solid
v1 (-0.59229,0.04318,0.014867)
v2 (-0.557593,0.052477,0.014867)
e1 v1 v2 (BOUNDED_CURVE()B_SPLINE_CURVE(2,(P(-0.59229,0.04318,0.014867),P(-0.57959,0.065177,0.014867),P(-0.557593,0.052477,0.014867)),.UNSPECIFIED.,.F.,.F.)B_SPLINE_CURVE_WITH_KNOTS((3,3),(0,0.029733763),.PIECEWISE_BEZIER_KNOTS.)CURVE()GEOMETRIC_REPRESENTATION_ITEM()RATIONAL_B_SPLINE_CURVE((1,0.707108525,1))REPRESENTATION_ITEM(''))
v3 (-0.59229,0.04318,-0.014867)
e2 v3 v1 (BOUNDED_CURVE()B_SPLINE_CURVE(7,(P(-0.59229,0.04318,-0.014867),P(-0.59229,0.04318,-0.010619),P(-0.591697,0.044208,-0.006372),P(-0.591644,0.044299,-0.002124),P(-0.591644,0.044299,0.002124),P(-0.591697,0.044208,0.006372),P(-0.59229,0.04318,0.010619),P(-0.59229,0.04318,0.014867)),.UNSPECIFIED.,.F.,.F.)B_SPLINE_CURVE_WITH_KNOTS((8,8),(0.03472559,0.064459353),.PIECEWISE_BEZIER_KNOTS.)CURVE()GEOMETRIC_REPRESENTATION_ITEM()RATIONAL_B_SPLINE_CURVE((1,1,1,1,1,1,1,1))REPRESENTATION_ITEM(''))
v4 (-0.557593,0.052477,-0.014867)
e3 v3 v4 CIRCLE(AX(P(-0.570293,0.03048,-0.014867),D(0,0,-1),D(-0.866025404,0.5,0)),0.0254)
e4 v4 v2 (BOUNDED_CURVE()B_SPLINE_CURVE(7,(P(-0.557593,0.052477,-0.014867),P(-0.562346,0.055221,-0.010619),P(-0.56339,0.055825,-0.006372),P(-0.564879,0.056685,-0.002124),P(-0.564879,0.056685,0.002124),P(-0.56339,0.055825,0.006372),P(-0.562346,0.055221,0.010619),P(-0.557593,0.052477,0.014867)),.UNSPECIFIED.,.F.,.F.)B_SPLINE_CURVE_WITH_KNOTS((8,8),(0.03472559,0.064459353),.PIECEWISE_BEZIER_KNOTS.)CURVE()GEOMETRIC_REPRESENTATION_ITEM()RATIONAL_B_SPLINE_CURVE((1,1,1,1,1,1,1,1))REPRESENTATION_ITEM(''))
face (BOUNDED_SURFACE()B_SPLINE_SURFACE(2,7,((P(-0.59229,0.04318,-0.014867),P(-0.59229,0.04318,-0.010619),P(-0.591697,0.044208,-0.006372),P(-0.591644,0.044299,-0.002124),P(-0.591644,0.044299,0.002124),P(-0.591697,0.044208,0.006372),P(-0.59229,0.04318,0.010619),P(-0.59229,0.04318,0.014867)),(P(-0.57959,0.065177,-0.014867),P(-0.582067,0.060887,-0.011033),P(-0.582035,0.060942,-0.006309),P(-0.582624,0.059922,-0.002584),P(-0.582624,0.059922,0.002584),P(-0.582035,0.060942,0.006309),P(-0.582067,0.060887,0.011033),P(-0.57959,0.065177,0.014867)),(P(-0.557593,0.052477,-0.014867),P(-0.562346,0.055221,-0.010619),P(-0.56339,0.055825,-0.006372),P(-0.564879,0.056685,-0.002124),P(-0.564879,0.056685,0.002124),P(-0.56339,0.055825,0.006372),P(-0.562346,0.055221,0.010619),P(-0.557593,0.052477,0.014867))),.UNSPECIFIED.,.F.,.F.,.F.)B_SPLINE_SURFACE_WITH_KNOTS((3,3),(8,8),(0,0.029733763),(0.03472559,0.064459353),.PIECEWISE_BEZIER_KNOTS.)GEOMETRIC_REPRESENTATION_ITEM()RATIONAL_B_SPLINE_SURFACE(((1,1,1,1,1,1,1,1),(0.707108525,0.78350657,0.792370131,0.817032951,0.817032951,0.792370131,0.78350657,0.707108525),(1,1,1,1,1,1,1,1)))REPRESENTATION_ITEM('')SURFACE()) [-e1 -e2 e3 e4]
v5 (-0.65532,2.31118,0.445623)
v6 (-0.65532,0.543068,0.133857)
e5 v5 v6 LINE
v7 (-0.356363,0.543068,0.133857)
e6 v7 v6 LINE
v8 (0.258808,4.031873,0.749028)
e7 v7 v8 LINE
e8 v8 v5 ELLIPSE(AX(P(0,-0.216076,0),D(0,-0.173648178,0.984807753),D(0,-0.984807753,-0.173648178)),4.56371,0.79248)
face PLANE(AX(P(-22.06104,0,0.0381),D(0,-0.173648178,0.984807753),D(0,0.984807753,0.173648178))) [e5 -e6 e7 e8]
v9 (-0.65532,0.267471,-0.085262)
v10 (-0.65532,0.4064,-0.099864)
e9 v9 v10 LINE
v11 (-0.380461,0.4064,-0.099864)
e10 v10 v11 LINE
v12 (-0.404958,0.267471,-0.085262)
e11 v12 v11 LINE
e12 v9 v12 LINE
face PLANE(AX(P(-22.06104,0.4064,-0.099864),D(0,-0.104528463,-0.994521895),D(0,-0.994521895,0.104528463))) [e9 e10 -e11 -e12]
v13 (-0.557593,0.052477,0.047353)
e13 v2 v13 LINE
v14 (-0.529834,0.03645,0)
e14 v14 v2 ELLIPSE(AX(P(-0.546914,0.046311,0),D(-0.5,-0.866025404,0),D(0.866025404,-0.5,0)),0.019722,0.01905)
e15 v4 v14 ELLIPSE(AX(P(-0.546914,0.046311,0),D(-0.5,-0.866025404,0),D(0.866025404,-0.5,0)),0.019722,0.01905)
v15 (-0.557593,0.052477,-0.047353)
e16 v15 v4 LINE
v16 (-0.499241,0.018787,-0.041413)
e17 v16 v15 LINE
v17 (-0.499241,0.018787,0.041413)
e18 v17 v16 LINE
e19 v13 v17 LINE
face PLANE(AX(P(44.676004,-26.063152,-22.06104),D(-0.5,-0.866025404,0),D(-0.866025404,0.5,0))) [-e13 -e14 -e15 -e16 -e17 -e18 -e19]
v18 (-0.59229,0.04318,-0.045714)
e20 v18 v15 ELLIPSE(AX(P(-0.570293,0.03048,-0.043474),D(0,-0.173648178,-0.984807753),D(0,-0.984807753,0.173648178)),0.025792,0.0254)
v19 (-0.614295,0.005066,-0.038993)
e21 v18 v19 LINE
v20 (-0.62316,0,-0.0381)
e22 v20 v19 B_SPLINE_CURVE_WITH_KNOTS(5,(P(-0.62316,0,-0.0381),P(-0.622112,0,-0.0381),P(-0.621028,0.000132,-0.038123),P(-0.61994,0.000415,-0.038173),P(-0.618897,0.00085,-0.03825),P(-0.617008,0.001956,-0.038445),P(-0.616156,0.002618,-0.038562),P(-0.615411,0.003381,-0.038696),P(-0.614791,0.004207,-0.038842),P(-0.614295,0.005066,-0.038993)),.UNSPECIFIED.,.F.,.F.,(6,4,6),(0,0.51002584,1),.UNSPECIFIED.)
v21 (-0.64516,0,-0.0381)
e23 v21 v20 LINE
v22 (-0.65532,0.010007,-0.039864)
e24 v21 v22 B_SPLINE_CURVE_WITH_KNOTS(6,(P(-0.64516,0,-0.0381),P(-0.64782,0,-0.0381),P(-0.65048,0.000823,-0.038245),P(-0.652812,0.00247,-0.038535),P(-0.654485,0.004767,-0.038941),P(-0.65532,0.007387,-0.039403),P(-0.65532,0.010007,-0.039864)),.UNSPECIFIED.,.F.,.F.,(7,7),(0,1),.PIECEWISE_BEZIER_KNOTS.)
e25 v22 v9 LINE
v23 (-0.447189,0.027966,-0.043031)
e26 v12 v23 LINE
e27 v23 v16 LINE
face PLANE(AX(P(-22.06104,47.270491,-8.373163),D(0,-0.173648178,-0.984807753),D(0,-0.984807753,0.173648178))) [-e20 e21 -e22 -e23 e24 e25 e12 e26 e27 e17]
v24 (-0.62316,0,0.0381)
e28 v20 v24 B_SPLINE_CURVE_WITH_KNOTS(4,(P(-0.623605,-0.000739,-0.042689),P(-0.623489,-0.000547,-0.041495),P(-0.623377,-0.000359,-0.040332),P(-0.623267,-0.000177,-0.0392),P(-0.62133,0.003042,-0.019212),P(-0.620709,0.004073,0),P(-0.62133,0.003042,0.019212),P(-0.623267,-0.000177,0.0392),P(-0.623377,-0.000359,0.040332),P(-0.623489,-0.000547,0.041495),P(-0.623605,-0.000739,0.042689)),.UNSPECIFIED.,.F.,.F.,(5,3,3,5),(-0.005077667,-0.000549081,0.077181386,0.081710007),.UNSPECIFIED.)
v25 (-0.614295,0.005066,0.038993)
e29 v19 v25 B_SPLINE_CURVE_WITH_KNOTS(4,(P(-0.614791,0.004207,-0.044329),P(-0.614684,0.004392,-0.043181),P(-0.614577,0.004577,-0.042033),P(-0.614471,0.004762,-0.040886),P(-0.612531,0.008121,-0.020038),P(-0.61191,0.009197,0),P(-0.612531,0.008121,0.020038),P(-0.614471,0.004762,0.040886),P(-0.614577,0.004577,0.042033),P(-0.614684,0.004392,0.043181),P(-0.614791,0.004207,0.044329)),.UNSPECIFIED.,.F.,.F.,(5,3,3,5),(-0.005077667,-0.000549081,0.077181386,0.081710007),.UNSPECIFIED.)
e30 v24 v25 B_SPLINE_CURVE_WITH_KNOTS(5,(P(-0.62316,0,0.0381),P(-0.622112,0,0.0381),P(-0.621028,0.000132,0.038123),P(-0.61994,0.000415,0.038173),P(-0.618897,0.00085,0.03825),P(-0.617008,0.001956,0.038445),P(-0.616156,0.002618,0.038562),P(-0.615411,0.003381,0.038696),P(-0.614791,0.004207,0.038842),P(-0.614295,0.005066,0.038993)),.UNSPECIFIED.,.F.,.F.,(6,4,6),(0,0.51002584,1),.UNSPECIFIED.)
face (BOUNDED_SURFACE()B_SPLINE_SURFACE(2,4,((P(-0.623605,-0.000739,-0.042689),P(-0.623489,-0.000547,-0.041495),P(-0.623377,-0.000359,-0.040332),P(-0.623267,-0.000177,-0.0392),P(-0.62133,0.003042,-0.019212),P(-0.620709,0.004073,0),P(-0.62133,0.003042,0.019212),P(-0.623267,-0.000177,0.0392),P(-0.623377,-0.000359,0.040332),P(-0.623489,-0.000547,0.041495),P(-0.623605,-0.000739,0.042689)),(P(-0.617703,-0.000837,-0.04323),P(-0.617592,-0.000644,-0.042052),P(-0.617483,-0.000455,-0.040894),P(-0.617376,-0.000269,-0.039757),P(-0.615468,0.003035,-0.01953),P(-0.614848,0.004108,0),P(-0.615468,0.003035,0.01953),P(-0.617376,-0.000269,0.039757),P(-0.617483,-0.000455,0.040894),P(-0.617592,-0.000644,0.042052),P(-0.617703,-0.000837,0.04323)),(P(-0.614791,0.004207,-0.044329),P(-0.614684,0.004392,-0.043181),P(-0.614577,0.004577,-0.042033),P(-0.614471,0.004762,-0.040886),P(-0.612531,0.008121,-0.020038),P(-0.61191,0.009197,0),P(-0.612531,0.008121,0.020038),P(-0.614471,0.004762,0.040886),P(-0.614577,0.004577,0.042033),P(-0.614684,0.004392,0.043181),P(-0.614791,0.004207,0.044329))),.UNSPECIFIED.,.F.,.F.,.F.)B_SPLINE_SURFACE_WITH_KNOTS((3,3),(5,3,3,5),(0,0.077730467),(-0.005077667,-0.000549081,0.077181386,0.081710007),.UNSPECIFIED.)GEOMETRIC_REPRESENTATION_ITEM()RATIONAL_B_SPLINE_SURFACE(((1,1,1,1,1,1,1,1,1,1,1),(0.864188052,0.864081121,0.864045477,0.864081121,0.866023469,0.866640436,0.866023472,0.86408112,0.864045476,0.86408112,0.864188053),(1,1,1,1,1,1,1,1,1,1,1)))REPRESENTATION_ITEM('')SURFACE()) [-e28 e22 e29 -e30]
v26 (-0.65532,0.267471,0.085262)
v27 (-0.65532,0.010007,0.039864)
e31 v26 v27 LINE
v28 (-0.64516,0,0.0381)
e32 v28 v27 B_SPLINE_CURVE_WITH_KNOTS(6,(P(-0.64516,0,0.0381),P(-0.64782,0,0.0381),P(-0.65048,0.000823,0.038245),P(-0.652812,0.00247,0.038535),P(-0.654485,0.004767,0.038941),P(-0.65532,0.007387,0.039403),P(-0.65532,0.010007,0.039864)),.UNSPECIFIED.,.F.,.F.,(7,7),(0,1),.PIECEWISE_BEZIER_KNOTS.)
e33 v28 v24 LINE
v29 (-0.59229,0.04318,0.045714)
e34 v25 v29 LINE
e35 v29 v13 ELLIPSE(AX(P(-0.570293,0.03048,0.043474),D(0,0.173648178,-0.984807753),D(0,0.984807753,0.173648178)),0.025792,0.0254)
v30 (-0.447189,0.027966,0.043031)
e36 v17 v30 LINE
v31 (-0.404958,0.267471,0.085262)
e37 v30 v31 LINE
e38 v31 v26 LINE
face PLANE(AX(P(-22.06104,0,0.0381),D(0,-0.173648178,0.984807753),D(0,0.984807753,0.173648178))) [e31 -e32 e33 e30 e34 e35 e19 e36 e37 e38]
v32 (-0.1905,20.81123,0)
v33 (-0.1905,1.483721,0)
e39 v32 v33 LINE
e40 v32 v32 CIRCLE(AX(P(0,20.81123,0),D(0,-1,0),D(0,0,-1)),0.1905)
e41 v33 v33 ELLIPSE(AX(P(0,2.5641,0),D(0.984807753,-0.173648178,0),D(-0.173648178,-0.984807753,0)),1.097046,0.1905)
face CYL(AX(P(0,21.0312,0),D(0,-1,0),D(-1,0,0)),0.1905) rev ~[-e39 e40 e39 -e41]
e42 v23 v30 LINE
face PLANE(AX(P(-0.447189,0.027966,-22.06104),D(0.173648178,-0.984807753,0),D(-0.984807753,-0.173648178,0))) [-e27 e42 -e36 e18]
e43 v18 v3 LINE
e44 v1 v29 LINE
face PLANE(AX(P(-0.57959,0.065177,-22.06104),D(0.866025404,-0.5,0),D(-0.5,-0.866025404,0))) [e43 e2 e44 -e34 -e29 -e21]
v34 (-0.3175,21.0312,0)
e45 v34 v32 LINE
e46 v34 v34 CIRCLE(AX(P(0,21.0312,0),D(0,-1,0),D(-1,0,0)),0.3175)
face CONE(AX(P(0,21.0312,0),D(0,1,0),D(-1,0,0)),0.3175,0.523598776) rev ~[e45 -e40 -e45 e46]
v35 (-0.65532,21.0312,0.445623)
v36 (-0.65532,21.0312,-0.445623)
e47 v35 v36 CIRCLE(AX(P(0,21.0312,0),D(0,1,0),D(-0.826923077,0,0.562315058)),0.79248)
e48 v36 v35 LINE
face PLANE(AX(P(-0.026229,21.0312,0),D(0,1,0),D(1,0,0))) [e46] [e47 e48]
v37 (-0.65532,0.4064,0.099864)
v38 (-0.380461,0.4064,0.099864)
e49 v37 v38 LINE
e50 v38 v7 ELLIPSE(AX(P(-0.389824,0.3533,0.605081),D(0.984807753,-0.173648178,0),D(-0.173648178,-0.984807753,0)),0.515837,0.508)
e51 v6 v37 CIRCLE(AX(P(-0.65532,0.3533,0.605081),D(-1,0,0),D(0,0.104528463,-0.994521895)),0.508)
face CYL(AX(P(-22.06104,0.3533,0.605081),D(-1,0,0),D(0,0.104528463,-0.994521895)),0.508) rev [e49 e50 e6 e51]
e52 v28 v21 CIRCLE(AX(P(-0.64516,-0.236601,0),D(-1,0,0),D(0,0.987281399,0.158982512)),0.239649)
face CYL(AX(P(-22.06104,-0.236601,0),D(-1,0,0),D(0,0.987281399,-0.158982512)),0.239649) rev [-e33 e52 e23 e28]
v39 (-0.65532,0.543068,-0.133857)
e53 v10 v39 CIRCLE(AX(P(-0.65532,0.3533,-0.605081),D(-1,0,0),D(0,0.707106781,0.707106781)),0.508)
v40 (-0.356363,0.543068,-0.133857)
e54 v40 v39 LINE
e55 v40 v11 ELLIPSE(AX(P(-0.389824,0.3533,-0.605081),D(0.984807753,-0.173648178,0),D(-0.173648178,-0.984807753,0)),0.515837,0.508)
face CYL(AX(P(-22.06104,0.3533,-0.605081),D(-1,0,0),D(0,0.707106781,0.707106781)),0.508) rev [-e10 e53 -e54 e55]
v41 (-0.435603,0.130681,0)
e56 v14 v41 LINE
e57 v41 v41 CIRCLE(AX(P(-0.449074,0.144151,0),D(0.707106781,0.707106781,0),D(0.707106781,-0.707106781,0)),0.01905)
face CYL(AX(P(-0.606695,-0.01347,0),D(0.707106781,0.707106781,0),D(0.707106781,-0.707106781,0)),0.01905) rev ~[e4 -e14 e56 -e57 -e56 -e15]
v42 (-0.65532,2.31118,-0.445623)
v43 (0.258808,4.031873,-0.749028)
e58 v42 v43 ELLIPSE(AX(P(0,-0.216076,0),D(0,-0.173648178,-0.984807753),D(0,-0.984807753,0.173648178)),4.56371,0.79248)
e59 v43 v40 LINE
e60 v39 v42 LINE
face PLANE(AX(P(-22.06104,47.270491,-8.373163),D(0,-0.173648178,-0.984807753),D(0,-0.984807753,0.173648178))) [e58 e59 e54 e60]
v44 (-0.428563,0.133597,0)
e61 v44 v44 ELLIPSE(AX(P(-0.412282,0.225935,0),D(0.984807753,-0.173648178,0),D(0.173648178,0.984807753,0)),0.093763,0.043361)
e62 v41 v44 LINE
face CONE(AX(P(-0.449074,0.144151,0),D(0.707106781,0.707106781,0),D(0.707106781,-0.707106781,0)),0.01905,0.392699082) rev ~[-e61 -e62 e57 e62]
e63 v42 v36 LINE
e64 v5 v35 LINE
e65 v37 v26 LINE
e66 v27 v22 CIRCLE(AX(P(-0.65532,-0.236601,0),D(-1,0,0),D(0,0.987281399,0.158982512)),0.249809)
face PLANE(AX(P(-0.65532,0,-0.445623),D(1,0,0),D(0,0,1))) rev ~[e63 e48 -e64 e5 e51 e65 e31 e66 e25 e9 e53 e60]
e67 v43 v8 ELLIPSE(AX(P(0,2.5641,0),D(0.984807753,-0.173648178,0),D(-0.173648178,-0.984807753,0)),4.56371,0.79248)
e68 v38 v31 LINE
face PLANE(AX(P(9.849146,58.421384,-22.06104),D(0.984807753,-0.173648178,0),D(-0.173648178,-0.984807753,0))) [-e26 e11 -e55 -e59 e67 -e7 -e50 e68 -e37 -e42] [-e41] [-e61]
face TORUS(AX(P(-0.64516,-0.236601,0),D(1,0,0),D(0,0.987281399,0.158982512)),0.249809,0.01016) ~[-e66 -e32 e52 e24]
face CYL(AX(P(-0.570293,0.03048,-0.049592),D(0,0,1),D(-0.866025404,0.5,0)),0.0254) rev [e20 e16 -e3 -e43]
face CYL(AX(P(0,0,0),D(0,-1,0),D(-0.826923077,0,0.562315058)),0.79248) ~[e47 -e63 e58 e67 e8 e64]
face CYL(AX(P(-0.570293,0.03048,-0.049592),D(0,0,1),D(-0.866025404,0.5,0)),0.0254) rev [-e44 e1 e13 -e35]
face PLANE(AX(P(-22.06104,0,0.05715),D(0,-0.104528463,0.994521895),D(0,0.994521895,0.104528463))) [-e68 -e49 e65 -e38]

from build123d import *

# Parameters (mm, degrees)
TD_STD_FEATURE_DEPTH            = 21.0312
ISA_STD_FEATURE_DEPTH           = 22.061040395498036
ISA_STD_FEATURE_DEPTH_BACK      = 22.061040395498036
BA_STD_FEATURE_DEPTH            = 22.061040395498036
BA_STD_FEATURE_DEPTH_BACK       = 22.061040395498036
VR_STD_FEATURE_DEPTH            = 22.061040395498036
VR_STD_FEATURE_DEPTH_BACK       = 22.061040395498036
ND_STD_FEATURE_DEPTH            = 22.061040395498036
ND_STD_FEATURE_DEPTH_BACK       = 22.061040395498036
HOLE_STD_FEATURE_D              = 0.381
HOLE_STD_FEATURE_CSINK_D        = 0.635
HOLE_STD_FEATURE_CSINK_ANGLE    = 60
STD_HOLE_CUT_FEATURE_DEPTH      = 22.158574025318714
STD_HOLE_CUT_FEATURE_DEPTH_BACK = 22.158574025318714
NR_FEATURE_R                    = 0.0254
STD_C_FEATURE_DEPTH             = 22.061040395498036
STD_C_FEATURE_DEPTH_BACK        = 22.061040395498036
STD_FR_C_FEATURE_R              = 0.01016
STD_BR_C_FEATURE_R              = 0.01016


with BuildPart() as part:
    # td_std_sketch → td_std_feature (new body)
    with BuildSketch(Plane(origin=(0, 0, 0), x_dir=(1, 0, 0), z_dir=(0, 1, 0))):
        with BuildLine():
            Line((-0.65532, 0.4456234374446657), (-0.6553199999999998, -0.44562343744466604))
            ThreePointArc((-0.6553199999999998, -0.44562343744466604), (0.79248, 0), (-0.65532, 0.4456234374446657))
        make_face()
    extrude(amount=TD_STD_FEATURE_DEPTH)

    # isa_std_sketch → isa_std_feature (cut, two sides: drawn at the far end of the back side and taken through both)
    with BuildSketch(Plane(origin=(0, 0, 0), x_dir=(0, 0, -1), z_dir=(1, 0, 0)).offset(-ISA_STD_FEATURE_DEPTH_BACK)):
        Polygon((8.373162888528082, 47.27049062508045), (0.79248, 4.278301579083286), (0.03809999999999999, 0), (-0.03809999999999999, 0), (-0.79248, 4.278301579083286), (-8.373162888528082, 47.27049062508045), (-8.373162888528082, -40.04033509597618), (8.373162888528082, -40.04033509597618), align=None)
    extrude(amount=ISA_STD_FEATURE_DEPTH + ISA_STD_FEATURE_DEPTH_BACK, mode=Mode.SUBTRACT)

    # ba_std_sketch → ba_std_feature (cut, two sides: drawn at the far end of the back side and taken through both)
    with BuildSketch(Plane.XY.offset(-BA_STD_FEATURE_DEPTH_BACK)):
        Polygon((-51.96869655836785, -9.056666233848073), (-0.6057899999999999, 0), (-0.4471889008518133, 0.02796565294984382), (0.79248, 7.0584773526961735), (9.849146233848053, 58.421383911064034), (86.76310584868799, -12.040863498073982), (24.945263056472086, -79.51891364298609), align=None)
    extrude(amount=BA_STD_FEATURE_DEPTH + BA_STD_FEATURE_DEPTH_BACK, mode=Mode.SUBTRACT)

    # vr_std_sketch → vr_std_feature (cut, two sides: drawn at the far end of the back side and taken through both)
    with BuildSketch(Plane(origin=(0, 0, 0), x_dir=(0, 0, -1), z_dir=(1, 0, 0)).offset(-VR_STD_FEATURE_DEPTH_BACK)):
        with BuildLine():
            Line((35.91518958962539, 36.381828135911775), (0.79248, 1.2591185462865075))
            Line((0.79248, 1.2591185462865075), (0.24587123921628848, 0.7125097855027981))
            ThreePointArc((0.24587123921628848, 0.7125097855027981), (0.14656815960932523, 0.5719991778386461), (0.09986436121197133, 0.40640000000000004))
            Line((0.09986436121197133, 0.40640000000000004), (0.05714999999999999, 0))
            Line((0.05714999999999999, 0), (-0.05714999999999999, 0))
            Line((-0.05714999999999999, 0), (-0.09986436121197133, 0.40640000000000004))
            ThreePointArc((-0.09986436121197133, 0.40640000000000004), (-0.14656815960932523, 0.5719991778386461), (-0.24587123921628848, 0.7125097855027981))
            Line((-0.24587123921628848, 0.7125097855027981), (-0.79248, 1.2591185462865075))
            Line((-0.79248, 1.2591185462865075), (-35.91518958962539, 36.381828135911775))
            Line((-35.91518958962539, 36.381828135911775), (-35.91518958962539, -62.96019636196763))
            Line((-35.91518958962539, -62.96019636196763), (35.91518958962539, -62.96019636196763))
            Line((35.91518958962539, -62.96019636196763), (35.91518958962539, 36.381828135911775))
        make_face()
    extrude(amount=VR_STD_FEATURE_DEPTH + VR_STD_FEATURE_DEPTH_BACK, mode=Mode.SUBTRACT)

    # nd_std_sketch → nd_std_feature (cut, two sides: drawn at the far end of the back side and taken through both)
    with BuildSketch(Plane.XY.offset(-ND_STD_FEATURE_DEPTH_BACK)):
        Polygon((-26.695612432299043, -45.16910067246157), (-0.6172199999999999, 0), (-0.5795900153763918, 0.06517704525612475), (-0.49309651581291747, 0.01523999999999999), (44.67600415664865, -26.06315243229904), (71.65060635143378, -126.82868059585769), (0.27898976248608776, -145.93462883602024), align=None)
    extrude(amount=ND_STD_FEATURE_DEPTH + ND_STD_FEATURE_DEPTH_BACK, mode=Mode.SUBTRACT)

    # hole_std_feature (through all)
    with Locations(Plane(origin=(0, 21.0312, 0), x_dir=(1, 0, 0), z_dir=(0, 1, 0))):
        with Locations((0, 0)):
            CounterSinkHole(HOLE_STD_FEATURE_D / 2, HOLE_STD_FEATURE_CSINK_D / 2, counter_sink_angle=HOLE_STD_FEATURE_CSINK_ANGLE)


with BuildPart() as body_2:
    # std_hole_sketch → std_hole_feature (revolve)
    with BuildSketch(Plane.XY):
        Polygon((2.0643967957346323, 1.16621487026174), (1.318693364519402, 1.9119183014769674), (-0.6066953211391621, -0.01347038418160373), (-0.5932249369575584, -0.02694076836320745), (-0.43560320426536, 0.13068096432899157), align=None)
    revolve(axis=Axis((-0.6066953211391621, -0.01347038418160373, 0), (0.7071067811865462, 0.7071067811865488, 0)))

    # std_hole_cut_sketch → std_hole_cut_feature (cut, two sides: drawn at the far end of the back side and taken through both)
    with BuildSketch(Plane.XY.offset(-STD_HOLE_CUT_FEATURE_DEPTH_BACK)):
        Polygon((-45.98482601113434, 26.27990227002553), (-0.6553199999999999, 0.1088997722642913), (-0.557592970120267, 0.05247704525612475), (-0.49309651581291747, 0.01523999999999999), (44.83640949532142, -26.155762497761245), (-7.505595500201061, -116.81477452002991), (-98.32683100665682, -64.37910975224314), align=None)
    extrude(amount=STD_HOLE_CUT_FEATURE_DEPTH + STD_HOLE_CUT_FEATURE_DEPTH_BACK, mode=Mode.SUBTRACT)


with BuildPart() as part_1:
    add(part.part)

    # std_hole_combine: cut body 2
    add(body_2.part, mode=Mode.SUBTRACT)

    # nr_feature
    nr_feature_edges = [part_1.edges().sort_by_distance(p)[0] for p in [
        (-0.5795900153763918, 0.06517704525612475, 0),
    ]]
    fillet(nr_feature_edges, radius=NR_FEATURE_R)

    # std_c_sketch → std_c_feature (cut, two sides: drawn at the far end of the back side and taken through both)
    with BuildSketch(Plane(origin=(0, 0, 0), x_dir=(0, 0, -1), z_dir=(1, 0, 0)).offset(-STD_C_FEATURE_DEPTH_BACK)):
        with BuildLine():
            Line((51.47071118925243, -8.282224024034191), (0.03810000000000001, -3e-17))
            ThreePointArc((0.03810000000000001, -3e-17), (1e-17, 0.00304799999999997), (-0.03809999999999998, -3e-17))
            Line((-0.03809999999999998, -3e-17), (-51.47071118925243, -8.282224024034191))
            Line((-51.47071118925243, -8.282224024034191), (-51.47071118925243, -112.47260224638451))
            Line((-51.47071118925243, -112.47260224638451), (51.47071118925243, -112.47260224638451))
            Line((51.47071118925243, -112.47260224638451), (51.47071118925243, -8.282224024034191))
        make_face()
    extrude(amount=STD_C_FEATURE_DEPTH + STD_C_FEATURE_DEPTH_BACK, mode=Mode.SUBTRACT)

    # std_fr_c_feature
    std_fr_c_feature_edges = [part_1.edges().sort_by_distance(p)[0] for p in [
        (-0.6553199999999999, 0.003048, 7e-17),
    ]]
    fillet(std_fr_c_feature_edges, radius=STD_FR_C_FEATURE_R)

    # std_br_c_feature
    std_br_c_feature_edges = [part_1.edges().sort_by_distance(p)[0] for p in [
        (-0.6154602363795091, 0.00304799999999997, 2e-17),
    ]]
    fillet(std_br_c_feature_edges, radius=STD_BR_C_FEATURE_R)


solid = part_1.part
